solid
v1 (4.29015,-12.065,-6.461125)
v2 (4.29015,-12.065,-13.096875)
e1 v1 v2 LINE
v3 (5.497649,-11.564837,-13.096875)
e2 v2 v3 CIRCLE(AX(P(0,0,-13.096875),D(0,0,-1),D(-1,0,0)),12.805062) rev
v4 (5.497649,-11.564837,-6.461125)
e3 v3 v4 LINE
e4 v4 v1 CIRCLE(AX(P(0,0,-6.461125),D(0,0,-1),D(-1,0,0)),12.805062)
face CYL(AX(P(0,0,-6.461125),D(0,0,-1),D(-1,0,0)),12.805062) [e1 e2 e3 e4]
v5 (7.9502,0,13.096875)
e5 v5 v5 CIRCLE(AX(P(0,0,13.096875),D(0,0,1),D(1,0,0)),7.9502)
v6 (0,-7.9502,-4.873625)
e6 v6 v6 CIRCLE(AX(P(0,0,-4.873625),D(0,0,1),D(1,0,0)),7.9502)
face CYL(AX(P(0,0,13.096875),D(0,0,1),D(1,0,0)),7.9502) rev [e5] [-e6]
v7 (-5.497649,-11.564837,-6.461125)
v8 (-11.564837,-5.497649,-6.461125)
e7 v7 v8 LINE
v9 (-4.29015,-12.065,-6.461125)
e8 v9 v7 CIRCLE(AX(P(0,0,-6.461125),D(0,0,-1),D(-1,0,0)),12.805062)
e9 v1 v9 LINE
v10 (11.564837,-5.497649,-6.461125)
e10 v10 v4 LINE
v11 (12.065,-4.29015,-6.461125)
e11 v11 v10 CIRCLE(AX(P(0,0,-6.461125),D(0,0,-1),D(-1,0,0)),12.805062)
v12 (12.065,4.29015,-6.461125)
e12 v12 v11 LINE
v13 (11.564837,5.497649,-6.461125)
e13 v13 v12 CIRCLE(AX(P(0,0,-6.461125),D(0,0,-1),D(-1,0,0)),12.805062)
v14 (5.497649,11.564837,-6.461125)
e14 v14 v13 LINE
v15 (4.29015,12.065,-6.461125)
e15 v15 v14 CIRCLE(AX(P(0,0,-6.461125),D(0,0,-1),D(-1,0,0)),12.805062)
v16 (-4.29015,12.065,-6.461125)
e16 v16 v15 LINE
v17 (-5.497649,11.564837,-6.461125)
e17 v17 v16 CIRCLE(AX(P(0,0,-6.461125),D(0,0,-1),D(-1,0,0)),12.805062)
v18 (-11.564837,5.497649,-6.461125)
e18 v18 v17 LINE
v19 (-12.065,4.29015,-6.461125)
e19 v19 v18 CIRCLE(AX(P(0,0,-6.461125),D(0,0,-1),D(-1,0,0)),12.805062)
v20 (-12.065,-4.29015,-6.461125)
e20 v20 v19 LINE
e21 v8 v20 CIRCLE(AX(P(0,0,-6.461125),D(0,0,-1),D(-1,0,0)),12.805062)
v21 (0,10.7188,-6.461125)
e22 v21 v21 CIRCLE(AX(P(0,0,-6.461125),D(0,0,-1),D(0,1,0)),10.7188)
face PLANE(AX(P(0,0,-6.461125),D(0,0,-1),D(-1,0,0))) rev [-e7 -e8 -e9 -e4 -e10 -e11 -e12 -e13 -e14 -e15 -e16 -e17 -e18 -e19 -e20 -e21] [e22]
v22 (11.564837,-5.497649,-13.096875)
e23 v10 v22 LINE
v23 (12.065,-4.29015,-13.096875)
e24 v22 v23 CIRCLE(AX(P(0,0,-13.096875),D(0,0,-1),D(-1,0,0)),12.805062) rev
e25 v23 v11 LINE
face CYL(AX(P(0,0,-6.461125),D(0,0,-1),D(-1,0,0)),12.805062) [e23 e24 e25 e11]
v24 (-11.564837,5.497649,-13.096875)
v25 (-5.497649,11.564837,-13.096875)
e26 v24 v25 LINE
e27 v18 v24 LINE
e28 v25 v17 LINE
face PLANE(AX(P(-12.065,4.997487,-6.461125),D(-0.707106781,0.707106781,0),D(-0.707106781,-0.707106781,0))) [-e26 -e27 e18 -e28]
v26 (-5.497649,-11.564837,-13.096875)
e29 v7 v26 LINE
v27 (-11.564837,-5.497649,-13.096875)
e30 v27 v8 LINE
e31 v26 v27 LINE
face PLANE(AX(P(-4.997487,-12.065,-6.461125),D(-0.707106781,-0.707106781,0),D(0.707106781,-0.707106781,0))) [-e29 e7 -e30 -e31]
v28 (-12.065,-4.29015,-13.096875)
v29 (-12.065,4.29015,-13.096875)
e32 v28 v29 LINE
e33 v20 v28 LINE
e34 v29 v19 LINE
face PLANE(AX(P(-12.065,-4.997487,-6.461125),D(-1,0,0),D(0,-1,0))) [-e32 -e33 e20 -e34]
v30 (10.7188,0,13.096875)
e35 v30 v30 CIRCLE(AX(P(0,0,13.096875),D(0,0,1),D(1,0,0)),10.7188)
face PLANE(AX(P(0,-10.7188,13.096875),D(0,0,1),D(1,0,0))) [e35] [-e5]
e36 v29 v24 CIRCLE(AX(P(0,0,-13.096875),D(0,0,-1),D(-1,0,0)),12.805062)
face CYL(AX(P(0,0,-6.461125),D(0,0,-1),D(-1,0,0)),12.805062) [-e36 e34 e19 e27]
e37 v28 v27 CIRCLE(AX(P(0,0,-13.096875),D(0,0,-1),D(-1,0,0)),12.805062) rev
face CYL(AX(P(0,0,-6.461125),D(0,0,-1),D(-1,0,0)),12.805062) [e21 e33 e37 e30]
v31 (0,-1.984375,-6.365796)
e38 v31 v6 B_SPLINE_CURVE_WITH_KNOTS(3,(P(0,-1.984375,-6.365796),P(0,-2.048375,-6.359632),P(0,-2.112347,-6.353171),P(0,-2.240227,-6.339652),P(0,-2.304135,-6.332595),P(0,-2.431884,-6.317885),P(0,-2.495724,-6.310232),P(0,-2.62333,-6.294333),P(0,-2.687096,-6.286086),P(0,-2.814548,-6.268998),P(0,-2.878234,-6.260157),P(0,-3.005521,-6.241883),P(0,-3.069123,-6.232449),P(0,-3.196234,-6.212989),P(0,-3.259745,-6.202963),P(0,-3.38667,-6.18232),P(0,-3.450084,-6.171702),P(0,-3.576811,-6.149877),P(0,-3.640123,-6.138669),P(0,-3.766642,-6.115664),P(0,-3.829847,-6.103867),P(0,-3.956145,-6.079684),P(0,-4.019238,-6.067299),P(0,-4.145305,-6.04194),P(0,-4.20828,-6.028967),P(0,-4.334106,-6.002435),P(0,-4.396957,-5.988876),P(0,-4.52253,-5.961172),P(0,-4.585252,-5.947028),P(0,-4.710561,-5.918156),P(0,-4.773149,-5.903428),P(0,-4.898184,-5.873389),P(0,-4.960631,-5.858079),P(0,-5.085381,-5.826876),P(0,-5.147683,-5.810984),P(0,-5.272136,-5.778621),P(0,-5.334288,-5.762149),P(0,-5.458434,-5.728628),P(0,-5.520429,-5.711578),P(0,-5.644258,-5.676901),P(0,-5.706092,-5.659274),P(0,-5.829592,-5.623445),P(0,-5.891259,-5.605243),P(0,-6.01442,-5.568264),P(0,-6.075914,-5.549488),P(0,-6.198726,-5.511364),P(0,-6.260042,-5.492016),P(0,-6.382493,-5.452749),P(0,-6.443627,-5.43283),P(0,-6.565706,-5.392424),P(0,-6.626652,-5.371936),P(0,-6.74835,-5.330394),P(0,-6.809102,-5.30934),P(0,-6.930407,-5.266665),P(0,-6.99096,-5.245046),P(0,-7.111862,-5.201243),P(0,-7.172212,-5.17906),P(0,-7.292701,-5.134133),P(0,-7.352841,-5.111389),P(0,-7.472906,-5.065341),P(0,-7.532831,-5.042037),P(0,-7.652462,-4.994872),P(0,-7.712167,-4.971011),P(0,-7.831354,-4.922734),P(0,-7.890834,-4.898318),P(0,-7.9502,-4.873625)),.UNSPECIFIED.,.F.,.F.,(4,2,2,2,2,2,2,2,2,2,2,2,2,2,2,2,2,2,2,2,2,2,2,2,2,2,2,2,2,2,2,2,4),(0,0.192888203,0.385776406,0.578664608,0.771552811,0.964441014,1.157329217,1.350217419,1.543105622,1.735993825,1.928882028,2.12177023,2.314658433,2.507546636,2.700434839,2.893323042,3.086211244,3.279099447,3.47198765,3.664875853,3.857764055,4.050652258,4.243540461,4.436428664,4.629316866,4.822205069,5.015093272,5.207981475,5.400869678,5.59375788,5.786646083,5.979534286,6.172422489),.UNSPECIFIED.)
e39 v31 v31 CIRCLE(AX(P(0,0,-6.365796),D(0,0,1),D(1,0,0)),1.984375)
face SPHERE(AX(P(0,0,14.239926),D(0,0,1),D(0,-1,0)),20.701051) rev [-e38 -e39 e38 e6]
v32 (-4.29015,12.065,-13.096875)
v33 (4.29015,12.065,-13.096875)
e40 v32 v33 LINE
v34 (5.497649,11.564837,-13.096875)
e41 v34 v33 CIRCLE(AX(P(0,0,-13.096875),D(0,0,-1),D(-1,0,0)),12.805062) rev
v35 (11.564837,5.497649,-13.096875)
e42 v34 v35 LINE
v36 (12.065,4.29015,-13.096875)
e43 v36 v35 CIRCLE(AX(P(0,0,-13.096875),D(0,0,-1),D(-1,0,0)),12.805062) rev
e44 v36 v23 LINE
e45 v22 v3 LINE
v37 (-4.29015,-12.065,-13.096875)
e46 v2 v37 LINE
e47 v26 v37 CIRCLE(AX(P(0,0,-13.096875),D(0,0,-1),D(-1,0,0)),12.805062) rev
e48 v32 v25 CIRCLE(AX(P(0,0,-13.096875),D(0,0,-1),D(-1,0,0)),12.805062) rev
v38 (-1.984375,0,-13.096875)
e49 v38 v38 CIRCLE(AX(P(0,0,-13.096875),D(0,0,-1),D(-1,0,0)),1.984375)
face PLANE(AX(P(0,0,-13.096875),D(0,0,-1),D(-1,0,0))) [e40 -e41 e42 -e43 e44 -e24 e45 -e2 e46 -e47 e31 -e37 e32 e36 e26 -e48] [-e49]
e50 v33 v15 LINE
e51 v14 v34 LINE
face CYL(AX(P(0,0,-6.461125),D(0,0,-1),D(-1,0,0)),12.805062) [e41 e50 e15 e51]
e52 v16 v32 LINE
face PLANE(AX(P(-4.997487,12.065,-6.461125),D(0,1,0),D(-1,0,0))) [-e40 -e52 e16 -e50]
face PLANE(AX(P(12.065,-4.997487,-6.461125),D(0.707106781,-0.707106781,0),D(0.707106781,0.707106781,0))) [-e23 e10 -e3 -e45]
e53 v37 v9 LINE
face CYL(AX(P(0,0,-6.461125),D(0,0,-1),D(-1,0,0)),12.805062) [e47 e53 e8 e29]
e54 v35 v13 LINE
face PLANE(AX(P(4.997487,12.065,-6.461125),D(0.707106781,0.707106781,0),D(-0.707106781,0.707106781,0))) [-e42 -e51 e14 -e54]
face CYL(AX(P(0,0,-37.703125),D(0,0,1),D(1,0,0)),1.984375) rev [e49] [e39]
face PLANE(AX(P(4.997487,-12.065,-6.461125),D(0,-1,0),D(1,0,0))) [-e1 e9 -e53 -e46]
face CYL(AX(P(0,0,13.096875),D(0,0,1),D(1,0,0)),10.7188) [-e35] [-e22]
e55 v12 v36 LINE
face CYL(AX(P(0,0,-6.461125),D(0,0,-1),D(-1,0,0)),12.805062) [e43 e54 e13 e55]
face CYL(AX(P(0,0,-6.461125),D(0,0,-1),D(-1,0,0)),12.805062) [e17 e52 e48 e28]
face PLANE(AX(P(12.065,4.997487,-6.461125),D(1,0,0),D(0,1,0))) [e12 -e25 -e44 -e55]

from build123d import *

# Parameters (mm, degrees)
BOSS_EXTRUDE1_START = -6.63575
SKETCH4_R           = 10.7188
BOSS_EXTRUDE1_DEPTH = 6.63575
SKETCH5_W           = 6.63575
SKETCH5_H           = 0.254
CUT_EXTRUDE1_START  = 26.19375
SKETCH6_R           = 1.984375
CUT_EXTRUDE1_DEPTH  = 50.8


with BuildPart() as part:
    # Sketch3 → Revolve1 (revolve)
    with BuildSketch(Plane(origin=(0, 0, 0), x_dir=(0, 0, -1), z_dir=(1, 0, 0)), mode=Mode.PRIVATE) as revolve1_sk:
        with BuildLine():
            Line((6.461125, 0), (13.096875, 0))
            Line((13.096875, 0), (13.096875, -10.7188))
            Line((13.096875, -10.7188), (-13.096875, -10.7188))
            Line((-13.096875, -10.7188), (-13.096875, -7.9502))
            Line((-13.096875, -7.9502), (4.873625, -7.9502))
            ThreePointArc((4.873625, -7.9502), (6.060370876, -4.053573618), (6.461125, 0))
        make_face()
    revolve(revolve1_sk.sketch.rotate(Axis((0, 0, 13.096875), (0, 0, -1)), 270), axis=Axis((0, 0, 13.096875), (0, 0, -1)))

    # Sketch4 → Boss-Extrude1 (add)
    with BuildSketch(Plane(origin=(0, 0, -13.096875), x_dir=(-1, 0, 0), z_dir=(0, 0, -1)).offset(BOSS_EXTRUDE1_START)):
        Polygon((4.99748663, 12.065), (-4.99748663, 12.065), (-12.065, 4.99748663), (-12.065, -4.99748663), (-4.99748663, -12.065), (4.99748663, -12.065), (12.065, -4.99748663), (12.065, 4.99748663), align=None)
        with Locations(Location((0, 0, 0), (0, 0, 180))):
            Circle(SKETCH4_R, mode=Mode.SUBTRACT)
    extrude(amount=BOSS_EXTRUDE1_DEPTH)

    # Sketch5 → Cut-Revolve1 (revolve, cut)
    with BuildSketch(Plane(origin=(0, 0, 0), x_dir=(0, 0, -1), z_dir=(0.9238795325112871, -0.3826834323650893, 0)), mode=Mode.PRIVATE) as cut_revolve1_sk:
        with Locations((9.779, 12.932061897)):
            Rectangle(SKETCH5_W, SKETCH5_H)
    revolve(cut_revolve1_sk.sketch.rotate(Axis((0, 0, 13.096875), (0, 0, 1)), 202.5), axis=Axis((0, 0, 13.096875), (0, 0, 1)), mode=Mode.SUBTRACT)

    # Sketch6 → Cut-Extrude1 (cut)
    with BuildSketch(Plane(origin=(-8.103148128, -57.606298873, -13.096875), x_dir=(1, 0, 0), z_dir=(0, 0, 1)).offset(CUT_EXTRUDE1_START)):
        with Locations(Location((8.103148128, 57.606298873, 0), (0, 0, 270))):
            Circle(SKETCH6_R)
    extrude(amount=-CUT_EXTRUDE1_DEPTH, mode=Mode.SUBTRACT)


solid = part.part
